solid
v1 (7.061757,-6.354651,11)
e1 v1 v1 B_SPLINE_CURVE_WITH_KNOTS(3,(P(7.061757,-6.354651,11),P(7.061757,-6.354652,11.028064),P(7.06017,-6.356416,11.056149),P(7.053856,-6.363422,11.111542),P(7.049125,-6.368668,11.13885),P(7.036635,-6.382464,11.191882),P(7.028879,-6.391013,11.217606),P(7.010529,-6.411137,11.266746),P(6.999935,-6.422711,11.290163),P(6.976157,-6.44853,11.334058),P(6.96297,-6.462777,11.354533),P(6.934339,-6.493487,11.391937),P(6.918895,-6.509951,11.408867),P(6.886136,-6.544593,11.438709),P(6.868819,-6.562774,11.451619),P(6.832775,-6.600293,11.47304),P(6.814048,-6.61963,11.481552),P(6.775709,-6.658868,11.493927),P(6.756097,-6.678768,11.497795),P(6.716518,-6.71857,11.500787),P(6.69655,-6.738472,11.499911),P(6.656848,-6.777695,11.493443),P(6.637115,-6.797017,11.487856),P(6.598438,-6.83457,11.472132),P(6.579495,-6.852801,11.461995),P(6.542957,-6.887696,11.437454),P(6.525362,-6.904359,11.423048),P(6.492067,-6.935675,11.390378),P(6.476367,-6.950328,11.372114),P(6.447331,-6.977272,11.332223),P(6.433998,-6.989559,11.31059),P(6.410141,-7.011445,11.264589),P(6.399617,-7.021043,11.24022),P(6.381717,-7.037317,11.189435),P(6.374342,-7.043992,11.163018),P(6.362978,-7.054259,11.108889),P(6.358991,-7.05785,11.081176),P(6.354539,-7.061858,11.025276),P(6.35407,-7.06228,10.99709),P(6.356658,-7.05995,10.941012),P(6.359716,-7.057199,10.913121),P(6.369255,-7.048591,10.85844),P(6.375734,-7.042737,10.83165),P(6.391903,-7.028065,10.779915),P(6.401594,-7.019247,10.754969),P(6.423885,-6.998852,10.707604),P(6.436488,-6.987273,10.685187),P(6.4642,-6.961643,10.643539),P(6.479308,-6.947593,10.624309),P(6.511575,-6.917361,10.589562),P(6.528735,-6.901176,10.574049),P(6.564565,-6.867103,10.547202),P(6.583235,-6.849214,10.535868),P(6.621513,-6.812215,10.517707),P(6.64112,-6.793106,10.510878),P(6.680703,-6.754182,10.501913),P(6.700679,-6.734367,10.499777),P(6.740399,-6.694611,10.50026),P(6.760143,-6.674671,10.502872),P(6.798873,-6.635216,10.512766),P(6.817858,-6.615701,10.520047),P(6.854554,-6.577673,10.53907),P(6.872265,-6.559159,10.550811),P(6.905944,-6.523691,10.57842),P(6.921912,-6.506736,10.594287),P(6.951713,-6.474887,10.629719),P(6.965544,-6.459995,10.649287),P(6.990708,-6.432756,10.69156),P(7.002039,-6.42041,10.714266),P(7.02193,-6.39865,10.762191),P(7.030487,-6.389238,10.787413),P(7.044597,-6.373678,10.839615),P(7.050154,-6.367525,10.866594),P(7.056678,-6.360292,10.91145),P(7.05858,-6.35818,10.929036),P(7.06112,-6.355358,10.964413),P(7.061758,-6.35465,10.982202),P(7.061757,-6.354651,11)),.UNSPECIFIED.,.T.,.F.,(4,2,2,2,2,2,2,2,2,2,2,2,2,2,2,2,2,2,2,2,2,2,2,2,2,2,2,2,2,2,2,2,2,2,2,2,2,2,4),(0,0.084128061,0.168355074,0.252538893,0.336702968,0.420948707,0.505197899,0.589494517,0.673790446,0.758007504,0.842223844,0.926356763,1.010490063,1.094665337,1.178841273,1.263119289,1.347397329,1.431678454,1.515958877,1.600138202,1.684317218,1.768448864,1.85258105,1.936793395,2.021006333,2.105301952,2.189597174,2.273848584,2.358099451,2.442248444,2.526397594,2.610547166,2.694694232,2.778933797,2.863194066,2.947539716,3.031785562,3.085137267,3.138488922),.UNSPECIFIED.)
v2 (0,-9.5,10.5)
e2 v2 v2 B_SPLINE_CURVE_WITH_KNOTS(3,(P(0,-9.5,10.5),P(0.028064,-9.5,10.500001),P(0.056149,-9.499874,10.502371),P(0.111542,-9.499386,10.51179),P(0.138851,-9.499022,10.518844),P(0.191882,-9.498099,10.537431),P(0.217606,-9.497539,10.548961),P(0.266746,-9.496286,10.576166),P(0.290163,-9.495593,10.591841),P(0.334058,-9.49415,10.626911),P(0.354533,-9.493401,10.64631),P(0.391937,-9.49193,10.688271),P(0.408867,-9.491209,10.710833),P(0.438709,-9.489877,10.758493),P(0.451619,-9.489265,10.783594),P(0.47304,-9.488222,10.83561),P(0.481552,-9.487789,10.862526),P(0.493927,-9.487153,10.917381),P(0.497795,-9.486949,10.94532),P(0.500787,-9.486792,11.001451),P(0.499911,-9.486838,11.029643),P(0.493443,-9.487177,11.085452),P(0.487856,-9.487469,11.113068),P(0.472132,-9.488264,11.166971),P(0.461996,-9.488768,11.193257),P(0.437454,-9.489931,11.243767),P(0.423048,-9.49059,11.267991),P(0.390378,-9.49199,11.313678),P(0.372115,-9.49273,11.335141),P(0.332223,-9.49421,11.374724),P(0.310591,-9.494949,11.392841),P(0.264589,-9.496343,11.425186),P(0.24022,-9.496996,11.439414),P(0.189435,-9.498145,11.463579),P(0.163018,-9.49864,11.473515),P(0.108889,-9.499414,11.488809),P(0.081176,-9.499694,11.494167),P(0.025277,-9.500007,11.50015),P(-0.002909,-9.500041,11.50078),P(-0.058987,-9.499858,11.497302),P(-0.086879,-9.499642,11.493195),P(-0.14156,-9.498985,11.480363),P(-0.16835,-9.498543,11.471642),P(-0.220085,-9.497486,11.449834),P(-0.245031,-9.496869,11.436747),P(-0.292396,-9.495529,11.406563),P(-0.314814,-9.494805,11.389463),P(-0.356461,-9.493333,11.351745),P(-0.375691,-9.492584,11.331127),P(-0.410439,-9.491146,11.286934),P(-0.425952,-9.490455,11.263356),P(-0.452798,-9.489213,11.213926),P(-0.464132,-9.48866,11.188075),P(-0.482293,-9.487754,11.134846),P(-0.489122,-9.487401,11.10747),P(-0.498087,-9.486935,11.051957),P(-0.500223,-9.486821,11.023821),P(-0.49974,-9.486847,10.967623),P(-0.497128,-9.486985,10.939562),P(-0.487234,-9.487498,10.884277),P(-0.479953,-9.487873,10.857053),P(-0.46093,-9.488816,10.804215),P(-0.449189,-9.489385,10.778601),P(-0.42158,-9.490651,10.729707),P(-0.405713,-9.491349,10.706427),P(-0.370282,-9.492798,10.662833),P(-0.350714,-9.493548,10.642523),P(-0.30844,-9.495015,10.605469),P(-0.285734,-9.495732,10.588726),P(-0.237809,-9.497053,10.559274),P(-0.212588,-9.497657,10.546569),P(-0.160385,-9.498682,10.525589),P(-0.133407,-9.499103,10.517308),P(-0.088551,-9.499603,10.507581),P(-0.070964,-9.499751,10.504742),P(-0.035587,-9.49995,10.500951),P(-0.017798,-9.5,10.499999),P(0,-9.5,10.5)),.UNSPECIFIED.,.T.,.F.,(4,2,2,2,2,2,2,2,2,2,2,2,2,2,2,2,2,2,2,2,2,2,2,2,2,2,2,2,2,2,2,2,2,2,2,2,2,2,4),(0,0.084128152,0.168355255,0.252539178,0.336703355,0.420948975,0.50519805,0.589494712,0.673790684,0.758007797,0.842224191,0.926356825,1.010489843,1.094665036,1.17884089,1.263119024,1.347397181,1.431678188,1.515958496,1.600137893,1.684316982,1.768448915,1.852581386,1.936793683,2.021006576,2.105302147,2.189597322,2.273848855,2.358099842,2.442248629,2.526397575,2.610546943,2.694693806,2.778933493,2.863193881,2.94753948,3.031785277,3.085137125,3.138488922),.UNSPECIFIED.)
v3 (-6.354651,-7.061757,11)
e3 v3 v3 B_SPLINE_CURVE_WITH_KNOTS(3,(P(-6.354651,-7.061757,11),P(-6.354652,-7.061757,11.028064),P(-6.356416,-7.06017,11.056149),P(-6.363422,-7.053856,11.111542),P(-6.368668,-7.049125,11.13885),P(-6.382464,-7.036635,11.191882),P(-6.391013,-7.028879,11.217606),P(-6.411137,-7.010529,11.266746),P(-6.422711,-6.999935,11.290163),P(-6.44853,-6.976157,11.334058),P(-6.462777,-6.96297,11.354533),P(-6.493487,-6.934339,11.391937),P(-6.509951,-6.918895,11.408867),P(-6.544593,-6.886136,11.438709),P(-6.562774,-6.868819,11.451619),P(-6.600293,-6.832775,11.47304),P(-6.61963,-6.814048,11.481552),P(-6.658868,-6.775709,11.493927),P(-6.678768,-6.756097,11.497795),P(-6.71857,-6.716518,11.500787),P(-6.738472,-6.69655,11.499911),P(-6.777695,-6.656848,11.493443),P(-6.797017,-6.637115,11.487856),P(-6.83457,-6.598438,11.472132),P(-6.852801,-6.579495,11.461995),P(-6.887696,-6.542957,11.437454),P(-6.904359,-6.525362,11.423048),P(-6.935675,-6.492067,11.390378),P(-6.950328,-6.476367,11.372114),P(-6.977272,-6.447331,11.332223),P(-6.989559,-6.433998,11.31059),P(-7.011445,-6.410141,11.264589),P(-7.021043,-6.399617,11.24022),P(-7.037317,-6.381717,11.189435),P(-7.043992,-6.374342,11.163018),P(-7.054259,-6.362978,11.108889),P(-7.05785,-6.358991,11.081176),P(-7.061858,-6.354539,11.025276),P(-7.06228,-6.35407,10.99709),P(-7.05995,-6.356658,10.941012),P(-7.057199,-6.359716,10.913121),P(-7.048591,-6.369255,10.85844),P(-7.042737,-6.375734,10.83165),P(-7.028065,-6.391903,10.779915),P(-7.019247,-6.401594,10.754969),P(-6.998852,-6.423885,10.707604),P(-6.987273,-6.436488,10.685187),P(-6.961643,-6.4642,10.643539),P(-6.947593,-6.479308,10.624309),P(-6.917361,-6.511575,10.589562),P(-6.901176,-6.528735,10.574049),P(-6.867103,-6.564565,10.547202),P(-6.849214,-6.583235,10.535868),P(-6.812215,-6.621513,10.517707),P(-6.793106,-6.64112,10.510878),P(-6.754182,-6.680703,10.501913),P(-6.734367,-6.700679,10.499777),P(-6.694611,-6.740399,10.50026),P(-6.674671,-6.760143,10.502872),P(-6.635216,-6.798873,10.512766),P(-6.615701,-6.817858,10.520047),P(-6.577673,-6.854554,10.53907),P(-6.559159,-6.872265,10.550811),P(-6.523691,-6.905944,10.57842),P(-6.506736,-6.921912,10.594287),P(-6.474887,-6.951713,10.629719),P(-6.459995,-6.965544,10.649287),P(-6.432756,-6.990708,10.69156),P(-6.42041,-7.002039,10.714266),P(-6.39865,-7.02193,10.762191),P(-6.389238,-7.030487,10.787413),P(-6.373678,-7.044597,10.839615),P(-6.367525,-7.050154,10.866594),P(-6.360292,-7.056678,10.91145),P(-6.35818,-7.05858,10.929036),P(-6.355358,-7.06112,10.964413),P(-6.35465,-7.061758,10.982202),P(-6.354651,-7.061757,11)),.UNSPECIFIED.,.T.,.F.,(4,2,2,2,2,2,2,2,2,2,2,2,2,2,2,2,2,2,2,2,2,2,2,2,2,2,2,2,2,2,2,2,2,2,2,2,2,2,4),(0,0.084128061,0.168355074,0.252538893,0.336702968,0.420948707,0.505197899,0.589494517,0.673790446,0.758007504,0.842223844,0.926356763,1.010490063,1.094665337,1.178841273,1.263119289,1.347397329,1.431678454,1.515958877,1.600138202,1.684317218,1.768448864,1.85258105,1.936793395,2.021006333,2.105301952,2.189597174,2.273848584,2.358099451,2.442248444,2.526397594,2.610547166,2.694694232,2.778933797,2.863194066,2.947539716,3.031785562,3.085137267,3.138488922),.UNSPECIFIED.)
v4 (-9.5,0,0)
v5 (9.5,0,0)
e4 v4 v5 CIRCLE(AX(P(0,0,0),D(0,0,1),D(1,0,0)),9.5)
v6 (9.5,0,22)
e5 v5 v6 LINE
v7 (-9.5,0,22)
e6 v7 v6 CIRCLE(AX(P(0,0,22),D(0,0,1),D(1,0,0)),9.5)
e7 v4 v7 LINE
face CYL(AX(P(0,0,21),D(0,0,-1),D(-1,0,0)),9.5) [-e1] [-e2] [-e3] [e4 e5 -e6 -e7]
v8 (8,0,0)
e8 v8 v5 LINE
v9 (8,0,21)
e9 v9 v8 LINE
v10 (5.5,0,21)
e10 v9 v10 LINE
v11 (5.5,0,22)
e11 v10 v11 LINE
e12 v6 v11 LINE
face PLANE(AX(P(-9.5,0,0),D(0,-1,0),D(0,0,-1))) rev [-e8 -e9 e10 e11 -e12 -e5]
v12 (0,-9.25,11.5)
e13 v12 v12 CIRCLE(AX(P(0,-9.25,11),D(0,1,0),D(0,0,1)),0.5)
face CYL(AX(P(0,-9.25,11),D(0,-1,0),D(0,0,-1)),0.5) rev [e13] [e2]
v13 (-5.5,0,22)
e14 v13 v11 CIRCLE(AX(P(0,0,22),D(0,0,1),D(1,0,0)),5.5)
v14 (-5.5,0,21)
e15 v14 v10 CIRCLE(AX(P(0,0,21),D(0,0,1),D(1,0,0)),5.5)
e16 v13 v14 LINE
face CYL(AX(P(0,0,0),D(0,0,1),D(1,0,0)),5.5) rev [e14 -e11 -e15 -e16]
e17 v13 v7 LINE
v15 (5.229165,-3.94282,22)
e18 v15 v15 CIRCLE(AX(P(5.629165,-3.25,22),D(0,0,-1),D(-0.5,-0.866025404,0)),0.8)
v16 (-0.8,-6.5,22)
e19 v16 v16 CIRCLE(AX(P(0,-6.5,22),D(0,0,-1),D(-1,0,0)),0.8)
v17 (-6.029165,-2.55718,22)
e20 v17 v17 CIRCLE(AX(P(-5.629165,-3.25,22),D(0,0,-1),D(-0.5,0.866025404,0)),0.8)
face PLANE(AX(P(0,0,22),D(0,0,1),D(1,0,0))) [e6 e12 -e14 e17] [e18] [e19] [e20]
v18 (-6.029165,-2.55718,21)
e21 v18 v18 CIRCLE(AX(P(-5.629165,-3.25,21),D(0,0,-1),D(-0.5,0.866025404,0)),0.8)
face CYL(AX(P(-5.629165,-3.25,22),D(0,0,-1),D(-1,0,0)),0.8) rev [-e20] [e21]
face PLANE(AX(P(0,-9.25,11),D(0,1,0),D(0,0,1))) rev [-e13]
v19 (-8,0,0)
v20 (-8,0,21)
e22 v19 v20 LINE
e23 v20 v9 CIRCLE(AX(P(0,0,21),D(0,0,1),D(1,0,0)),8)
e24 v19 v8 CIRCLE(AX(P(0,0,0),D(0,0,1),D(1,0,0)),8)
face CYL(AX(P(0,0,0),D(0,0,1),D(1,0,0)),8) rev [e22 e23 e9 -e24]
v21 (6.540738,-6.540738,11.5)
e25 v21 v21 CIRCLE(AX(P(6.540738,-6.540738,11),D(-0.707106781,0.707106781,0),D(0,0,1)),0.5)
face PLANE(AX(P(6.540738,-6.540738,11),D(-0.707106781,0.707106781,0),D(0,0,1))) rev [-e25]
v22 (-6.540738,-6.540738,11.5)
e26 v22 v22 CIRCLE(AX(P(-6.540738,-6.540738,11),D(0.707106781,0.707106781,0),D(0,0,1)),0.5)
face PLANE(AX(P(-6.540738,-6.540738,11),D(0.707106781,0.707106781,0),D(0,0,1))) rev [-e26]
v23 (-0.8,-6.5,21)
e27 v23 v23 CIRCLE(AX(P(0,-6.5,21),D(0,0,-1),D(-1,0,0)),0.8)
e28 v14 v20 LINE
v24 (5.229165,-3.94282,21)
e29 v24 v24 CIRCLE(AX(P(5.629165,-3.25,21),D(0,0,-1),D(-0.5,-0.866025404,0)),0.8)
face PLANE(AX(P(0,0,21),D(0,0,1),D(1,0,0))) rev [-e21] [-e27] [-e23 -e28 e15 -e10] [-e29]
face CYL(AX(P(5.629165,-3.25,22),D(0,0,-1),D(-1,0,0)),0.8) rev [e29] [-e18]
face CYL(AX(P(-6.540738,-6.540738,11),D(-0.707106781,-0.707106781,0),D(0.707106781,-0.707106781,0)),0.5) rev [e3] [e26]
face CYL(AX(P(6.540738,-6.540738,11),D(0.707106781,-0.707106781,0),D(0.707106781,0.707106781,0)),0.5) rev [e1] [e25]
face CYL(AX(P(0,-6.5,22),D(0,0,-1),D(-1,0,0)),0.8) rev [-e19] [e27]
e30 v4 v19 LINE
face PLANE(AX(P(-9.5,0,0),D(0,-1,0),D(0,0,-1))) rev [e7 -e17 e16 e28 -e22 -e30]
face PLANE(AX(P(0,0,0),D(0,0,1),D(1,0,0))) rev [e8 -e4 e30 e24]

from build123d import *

# Parameters (mm, degrees)
SKETCH1_R                       = 9.5
BOSS_EXTRUDE1_DEPTH             = 21
SKETCH2_R                       = 8
CUT_EXTRUDE1_DEPTH              = 22
SKETCH4_W                       = 19
SKETCH4_H                       = 9.5
CUT_EXTRUDE2_DEPTH              = 22
BOSS_EXTRUDE3_DEPTH             = 1
SKETCH7_R                       = 0.5
CUT_EXTRUDE8_DEPTH              = 0.5
CIRPATTERN1_COUNT               = 2
CIRPATTERN1_ANGLE               = 45
CIRPATTERN1_THE_OTHER_WAY_COUNT = 2
CIRPATTERN1_THE_OTHER_WAY_ANGLE = 45
SKETCH8_R                       = 5.5
CUT_EXTRUDE9_DEPTH              = 23.0000001
SKETCH9_R                       = 0.8
CUT_EXTRUDE10_DEPTH             = 2.0000001
CIRPATTERN2_COUNT               = 6


with BuildPart() as part:
    # Sketch1 → Boss-Extrude1 (new body)
    with BuildSketch(Plane.XY):
        Circle(SKETCH1_R)
    extrude(amount=BOSS_EXTRUDE1_DEPTH)

    # Sketch2 → Cut-Extrude1 (cut, through all)
    with BuildSketch(Plane.XY.offset(21)):
        Circle(SKETCH2_R)
    extrude(amount=-CUT_EXTRUDE1_DEPTH, mode=Mode.SUBTRACT)

    # Sketch4 → Cut-Extrude2 (cut, through all)
    with BuildSketch(Plane.XY.offset(21)):
        with Locations((0, 4.75)):
            Rectangle(SKETCH4_W, SKETCH4_H)
    extrude(amount=-CUT_EXTRUDE2_DEPTH, mode=Mode.SUBTRACT)

    # Sketch5 → Boss-Extrude3 (add)
    with BuildSketch(Plane.XY.offset(21)):
        with BuildLine():
            ThreePointArc((8, 0), (0, -8), (-8, 0))
            Line((-8, 0), (-9.5, 0))
            ThreePointArc((-9.5, 0), (0, -9.5), (9.5, 0))
            Line((9.5, 0), (8, 0))
        make_face()
        with BuildLine():
            Line((8, 0), (-8, 0))
            ThreePointArc((-8, 0), (0, -8), (8, 0))
        make_face()
    extrude(amount=BOSS_EXTRUDE3_DEPTH)

    # Sketch7 → Cut-Extrude8 (cut)
    with BuildSketch(Plane(origin=(0, -9.75, 0), x_dir=(1, 0, 0), z_dir=(0, 1, 0))):
        with Locations((0, -11)):
            Circle(SKETCH7_R)
        with Locations((0, 4)):
            Circle(SKETCH7_R)
        with Locations((0, -26)):
            Circle(SKETCH7_R)
    cut_extrude8 = extrude(amount=CUT_EXTRUDE8_DEPTH, mode=Mode.SUBTRACT)

    # CirPattern1: Cut-Extrude8 ×2 about axis
    cirpattern1_axis = Axis((0, 0, 0), (0, 0, -1))
    for i in range(1, CIRPATTERN1_COUNT):
        add(cut_extrude8.rotate(cirpattern1_axis, i * CIRPATTERN1_ANGLE / (CIRPATTERN1_COUNT - 1)), mode=Mode.SUBTRACT)

    # CirPattern1 the other way: Cut-Extrude8 ×2 about axis
    cirpattern1_the_other_way_axis = Axis((0, 0, 0), (0, 0, 1))
    for i in range(1, CIRPATTERN1_THE_OTHER_WAY_COUNT):
        add(cut_extrude8.rotate(cirpattern1_the_other_way_axis, i * CIRPATTERN1_THE_OTHER_WAY_ANGLE / (CIRPATTERN1_THE_OTHER_WAY_COUNT - 1)), mode=Mode.SUBTRACT)

    # Sketch8 → Cut-Extrude9 (cut, through all)
    with BuildSketch(Plane.XY.offset(22)):
        Circle(SKETCH8_R)
    extrude(amount=-CUT_EXTRUDE9_DEPTH, mode=Mode.SUBTRACT)

    # Sketch9 → Cut-Extrude10 (cut, through all)
    with BuildSketch(Plane(origin=(0, 0, 21), x_dir=(-1, 0, 0), z_dir=(0, 0, -1))):
        with Locations((0, -6.5)):
            Circle(SKETCH9_R)
    cut_extrude10 = extrude(amount=-CUT_EXTRUDE10_DEPTH, mode=Mode.SUBTRACT)

    # CirPattern2: Cut-Extrude10 ×6 about axis
    cirpattern2_axis = Axis((0, 0, 0), (0, 0, 1))
    for i in range(1, CIRPATTERN2_COUNT):
        add(cut_extrude10.rotate(cirpattern2_axis, i * 360 / CIRPATTERN2_COUNT), mode=Mode.SUBTRACT)


solid = part.part
